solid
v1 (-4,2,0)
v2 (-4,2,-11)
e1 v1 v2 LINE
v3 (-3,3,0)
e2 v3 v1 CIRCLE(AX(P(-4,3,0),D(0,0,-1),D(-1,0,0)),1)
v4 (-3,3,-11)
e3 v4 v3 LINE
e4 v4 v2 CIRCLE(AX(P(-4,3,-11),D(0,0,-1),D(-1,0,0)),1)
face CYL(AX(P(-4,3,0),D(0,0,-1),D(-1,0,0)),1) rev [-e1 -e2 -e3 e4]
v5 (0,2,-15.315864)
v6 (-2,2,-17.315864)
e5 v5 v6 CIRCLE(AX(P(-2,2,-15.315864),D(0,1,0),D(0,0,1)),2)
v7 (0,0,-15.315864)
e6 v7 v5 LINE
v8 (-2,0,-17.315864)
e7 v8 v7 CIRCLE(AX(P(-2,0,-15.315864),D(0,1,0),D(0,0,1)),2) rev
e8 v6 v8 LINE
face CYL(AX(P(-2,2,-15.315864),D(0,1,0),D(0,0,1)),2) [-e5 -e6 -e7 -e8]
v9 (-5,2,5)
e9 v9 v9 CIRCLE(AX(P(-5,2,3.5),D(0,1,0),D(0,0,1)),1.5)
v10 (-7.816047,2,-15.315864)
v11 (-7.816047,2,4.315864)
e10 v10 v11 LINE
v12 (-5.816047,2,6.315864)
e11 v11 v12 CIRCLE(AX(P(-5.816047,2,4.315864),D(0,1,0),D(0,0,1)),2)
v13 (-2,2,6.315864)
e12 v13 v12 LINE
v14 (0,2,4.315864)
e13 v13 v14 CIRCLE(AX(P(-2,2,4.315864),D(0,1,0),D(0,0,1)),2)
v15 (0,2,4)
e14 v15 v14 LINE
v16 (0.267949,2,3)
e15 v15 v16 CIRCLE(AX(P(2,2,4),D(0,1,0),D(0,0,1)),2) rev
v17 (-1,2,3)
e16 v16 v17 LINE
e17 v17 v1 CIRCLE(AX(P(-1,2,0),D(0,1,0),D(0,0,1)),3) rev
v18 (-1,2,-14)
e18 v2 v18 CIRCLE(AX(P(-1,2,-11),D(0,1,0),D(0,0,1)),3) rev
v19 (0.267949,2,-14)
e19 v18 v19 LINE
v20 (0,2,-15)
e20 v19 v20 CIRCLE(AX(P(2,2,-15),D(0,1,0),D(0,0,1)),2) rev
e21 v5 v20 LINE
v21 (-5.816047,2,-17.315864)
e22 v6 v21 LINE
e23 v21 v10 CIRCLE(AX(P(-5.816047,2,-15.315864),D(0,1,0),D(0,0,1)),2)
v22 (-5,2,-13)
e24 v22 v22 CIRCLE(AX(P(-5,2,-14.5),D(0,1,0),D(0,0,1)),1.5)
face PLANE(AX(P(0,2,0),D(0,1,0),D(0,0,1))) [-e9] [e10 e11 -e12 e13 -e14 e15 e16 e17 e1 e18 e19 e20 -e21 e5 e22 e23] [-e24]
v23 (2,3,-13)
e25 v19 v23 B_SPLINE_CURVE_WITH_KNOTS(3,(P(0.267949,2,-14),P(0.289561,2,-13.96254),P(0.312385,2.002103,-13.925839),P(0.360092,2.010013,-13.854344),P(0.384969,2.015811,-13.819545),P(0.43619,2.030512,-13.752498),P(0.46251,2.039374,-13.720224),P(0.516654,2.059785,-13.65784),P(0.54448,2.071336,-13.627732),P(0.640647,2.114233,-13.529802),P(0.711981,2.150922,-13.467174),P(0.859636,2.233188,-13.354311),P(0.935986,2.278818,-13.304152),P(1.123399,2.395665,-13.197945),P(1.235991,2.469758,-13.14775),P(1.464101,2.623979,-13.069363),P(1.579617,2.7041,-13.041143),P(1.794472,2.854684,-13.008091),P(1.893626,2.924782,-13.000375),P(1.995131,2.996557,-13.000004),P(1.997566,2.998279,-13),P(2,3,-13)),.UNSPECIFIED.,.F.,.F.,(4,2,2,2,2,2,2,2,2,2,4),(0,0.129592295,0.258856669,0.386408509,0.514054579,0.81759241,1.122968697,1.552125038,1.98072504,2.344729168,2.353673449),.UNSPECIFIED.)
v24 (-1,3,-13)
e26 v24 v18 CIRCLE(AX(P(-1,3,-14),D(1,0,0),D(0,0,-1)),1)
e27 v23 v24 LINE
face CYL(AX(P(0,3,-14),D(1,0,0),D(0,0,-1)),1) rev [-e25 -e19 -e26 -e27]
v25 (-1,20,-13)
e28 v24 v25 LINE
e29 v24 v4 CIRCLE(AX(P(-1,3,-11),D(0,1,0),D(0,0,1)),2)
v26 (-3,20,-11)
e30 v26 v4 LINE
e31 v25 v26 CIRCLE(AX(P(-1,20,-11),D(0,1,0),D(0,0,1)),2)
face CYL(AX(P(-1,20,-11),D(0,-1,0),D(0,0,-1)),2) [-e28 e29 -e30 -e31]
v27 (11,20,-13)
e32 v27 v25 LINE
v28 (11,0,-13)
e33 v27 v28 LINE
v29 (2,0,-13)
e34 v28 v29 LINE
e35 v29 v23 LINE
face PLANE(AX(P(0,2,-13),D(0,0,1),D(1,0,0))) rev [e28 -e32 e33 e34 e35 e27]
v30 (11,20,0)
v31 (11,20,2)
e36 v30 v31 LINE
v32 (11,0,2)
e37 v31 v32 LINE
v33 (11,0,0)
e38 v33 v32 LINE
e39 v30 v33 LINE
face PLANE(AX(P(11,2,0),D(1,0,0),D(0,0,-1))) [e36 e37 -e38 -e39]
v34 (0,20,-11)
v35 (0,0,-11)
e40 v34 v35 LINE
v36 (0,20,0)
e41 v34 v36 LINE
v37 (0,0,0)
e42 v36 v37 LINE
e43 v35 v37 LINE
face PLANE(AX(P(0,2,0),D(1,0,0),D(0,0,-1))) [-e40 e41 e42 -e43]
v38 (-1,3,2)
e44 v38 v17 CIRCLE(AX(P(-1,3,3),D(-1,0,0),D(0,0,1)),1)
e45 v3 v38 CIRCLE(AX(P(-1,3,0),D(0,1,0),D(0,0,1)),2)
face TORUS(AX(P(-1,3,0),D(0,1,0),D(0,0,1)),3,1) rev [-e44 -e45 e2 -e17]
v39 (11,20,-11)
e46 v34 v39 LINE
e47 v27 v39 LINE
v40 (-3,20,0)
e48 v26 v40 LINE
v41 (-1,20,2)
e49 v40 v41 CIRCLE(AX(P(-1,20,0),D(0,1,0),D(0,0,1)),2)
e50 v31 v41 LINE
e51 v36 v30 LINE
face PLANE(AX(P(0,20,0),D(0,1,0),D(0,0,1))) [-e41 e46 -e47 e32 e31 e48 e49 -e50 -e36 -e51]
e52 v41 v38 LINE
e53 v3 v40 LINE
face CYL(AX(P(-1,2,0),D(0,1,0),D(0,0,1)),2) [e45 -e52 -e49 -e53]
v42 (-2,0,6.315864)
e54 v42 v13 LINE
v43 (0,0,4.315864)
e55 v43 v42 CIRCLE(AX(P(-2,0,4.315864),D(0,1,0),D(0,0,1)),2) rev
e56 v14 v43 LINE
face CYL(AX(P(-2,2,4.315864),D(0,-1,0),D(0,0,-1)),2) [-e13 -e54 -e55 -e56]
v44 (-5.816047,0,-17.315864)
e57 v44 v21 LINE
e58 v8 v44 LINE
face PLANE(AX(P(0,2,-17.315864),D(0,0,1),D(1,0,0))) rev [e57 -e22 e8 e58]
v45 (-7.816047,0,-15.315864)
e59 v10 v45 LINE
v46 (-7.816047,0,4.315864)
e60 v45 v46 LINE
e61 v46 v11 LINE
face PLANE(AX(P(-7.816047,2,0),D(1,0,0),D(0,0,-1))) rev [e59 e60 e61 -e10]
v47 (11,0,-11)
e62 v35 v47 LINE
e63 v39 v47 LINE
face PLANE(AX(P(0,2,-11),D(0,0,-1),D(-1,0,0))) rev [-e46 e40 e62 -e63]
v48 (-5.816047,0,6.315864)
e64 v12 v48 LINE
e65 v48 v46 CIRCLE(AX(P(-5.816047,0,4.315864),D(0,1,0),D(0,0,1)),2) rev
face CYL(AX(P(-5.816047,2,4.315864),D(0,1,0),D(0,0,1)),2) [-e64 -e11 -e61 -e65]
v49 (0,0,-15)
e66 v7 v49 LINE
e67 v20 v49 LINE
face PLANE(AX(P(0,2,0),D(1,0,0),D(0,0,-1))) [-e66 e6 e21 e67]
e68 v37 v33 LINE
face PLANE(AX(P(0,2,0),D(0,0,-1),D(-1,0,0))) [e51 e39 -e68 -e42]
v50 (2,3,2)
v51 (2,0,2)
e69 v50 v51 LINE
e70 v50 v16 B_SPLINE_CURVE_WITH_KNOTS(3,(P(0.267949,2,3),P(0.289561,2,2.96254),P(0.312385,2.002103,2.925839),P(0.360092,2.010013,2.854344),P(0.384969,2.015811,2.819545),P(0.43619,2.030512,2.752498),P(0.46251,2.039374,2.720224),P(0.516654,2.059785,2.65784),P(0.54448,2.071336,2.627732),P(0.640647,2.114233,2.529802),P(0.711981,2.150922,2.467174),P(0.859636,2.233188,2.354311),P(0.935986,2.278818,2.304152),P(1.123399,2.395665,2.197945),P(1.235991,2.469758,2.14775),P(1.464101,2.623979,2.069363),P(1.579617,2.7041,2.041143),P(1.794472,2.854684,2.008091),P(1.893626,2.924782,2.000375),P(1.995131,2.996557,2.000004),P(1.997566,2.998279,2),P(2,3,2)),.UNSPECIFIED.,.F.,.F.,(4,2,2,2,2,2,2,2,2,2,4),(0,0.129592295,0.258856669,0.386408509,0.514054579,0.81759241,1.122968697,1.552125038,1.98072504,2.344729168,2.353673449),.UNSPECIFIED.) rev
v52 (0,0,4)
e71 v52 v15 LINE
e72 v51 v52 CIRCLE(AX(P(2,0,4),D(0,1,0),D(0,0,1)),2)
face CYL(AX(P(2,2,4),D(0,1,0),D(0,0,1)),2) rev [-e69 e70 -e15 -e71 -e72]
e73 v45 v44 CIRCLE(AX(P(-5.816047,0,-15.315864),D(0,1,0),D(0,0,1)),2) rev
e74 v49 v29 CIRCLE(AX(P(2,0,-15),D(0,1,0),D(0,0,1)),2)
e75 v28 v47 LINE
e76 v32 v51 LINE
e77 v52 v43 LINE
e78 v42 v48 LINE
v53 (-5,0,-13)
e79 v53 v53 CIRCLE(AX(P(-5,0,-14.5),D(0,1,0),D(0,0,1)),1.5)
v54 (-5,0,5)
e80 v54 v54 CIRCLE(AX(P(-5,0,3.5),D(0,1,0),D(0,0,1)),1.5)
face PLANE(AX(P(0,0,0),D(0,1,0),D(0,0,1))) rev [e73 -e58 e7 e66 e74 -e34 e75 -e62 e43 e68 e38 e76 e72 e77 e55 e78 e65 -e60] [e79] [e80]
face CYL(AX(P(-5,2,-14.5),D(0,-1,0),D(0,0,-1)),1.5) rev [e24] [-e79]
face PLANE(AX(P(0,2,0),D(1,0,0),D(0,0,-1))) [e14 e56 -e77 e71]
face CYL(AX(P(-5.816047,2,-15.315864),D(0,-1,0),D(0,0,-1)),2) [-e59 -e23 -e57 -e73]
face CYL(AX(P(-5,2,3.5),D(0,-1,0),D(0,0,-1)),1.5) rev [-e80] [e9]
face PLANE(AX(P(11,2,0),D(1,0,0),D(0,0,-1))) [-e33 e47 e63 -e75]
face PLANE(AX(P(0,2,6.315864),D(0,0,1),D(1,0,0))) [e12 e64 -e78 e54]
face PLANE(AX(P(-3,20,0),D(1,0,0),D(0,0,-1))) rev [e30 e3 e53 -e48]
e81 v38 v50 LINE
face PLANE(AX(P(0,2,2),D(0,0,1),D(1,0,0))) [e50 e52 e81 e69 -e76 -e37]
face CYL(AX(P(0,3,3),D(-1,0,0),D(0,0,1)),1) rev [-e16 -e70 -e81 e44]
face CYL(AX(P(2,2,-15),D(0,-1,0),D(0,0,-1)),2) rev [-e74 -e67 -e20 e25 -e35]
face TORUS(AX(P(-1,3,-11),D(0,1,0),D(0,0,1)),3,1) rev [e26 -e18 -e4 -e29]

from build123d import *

# Parameters (mm, degrees)
SKETCH1_R           = 1.5
SKETCH1_W           = 11
SKETCH1_H           = 2
BOSS_EXTRUDE1_DEPTH = 2
BOSS_EXTRUDE2_DEPTH = 20
FILLET2_R           = 2
FILLET3_R           = 1


with BuildPart() as part:
    # Sketch1 → Boss-Extrude1 (new body)
    # profile 1 of 7: a face of its own
    with BuildSketch(Plane(origin=(0, 0, 0), x_dir=(1, 0, 0), z_dir=(0, 1, 0))):
        Polygon((0, -6.315863562), (0, -2), (-3, -2), (-3, 13), (0, 13), (0, 17.315863562), (-7.816047118, 17.315863562), (-7.816047118, -6.315863562), align=None)
        with Locations((-5, -3.5)):
            Circle(SKETCH1_R, mode=Mode.SUBTRACT)
        with Locations((-5, 14.5)):
            Circle(SKETCH1_R, mode=Mode.SUBTRACT)
    # profile 2 of 7: a face of its own
    with BuildSketch(Plane(origin=(0, 0, 0), x_dir=(1, 0, 0), z_dir=(0, 1, 0))):
        Polygon((0, -2), (0, 0), (0, 11), (0, 13), (-3, 13), (-3, -2), align=None)
    # profile 3 of 7: a face of its own
    with BuildSketch(Plane(origin=(0, 0, 0), x_dir=(1, 0, 0), z_dir=(0, 1, 0))):
        Polygon((0, -6.315863562), (0, -2), (-3, -2), (-3, 13), (0, 13), (0, 17.315863562), (-7.816047118, 17.315863562), (-7.816047118, -6.315863562), align=None)
        with Locations((-5, -3.5)):
            Circle(SKETCH1_R, mode=Mode.SUBTRACT)
        with Locations((-5, 14.5)):
            Circle(SKETCH1_R, mode=Mode.SUBTRACT)
    # profile 4 of 7: a face of its own
    with BuildSketch(Plane(origin=(0, 0, 0), x_dir=(1, 0, 0), z_dir=(0, 1, 0))):
        Polygon((0, -6.315863562), (0, -2), (-3, -2), (-3, 13), (0, 13), (0, 17.315863562), (-7.816047118, 17.315863562), (-7.816047118, -6.315863562), align=None)
        with Locations((-5, -3.5)):
            Circle(SKETCH1_R, mode=Mode.SUBTRACT)
        with Locations((-5, 14.5)):
            Circle(SKETCH1_R, mode=Mode.SUBTRACT)
    # profile 5 of 7: a face of its own
    with BuildSketch(Plane(origin=(0, 0, 0), x_dir=(1, 0, 0), z_dir=(0, 1, 0))):
        with Locations((5.5, -1)):
            Rectangle(SKETCH1_W, SKETCH1_H)
    # profile 6 of 7: a face of its own
    with BuildSketch(Plane(origin=(0, 0, 0), x_dir=(1, 0, 0), z_dir=(0, 1, 0))):
        Polygon((0, -2), (0, 0), (0, 11), (0, 13), (-3, 13), (-3, -2), align=None)
    # profile 7 of 7: a face of its own
    with BuildSketch(Plane(origin=(0, 0, 0), x_dir=(1, 0, 0), z_dir=(0, 1, 0))):
        with Locations((5.5, 12)):
            Rectangle(SKETCH1_W, SKETCH1_H)
    extrude(amount=BOSS_EXTRUDE1_DEPTH)

    # Sketch1<3> → Boss-Extrude2 (add)
    with BuildSketch(Plane(origin=(0, 0, 0), x_dir=(1, 0, 0), z_dir=(0, 1, 0))):
        Polygon((-3, -2), (11, -2), (11, 0), (0, 0), (0, 11), (11, 11), (11, 13), (-3, 13), align=None)
    extrude(amount=BOSS_EXTRUDE2_DEPTH)

    # Fillet2
    fillet2_edges = [part.edges().sort_by_distance(p)[0] for p in [
        (-3, 11, 2),
        (-3, 11, -13),
        (0, 1, 6.315863562),
        (0, 1, 2),
        (-7.816047118, 1, 6.315863562),
        (-7.816047118, 1, -17.315863562),
        (0, 1, -17.315863562),
        (0, 1, -13),
    ]]
    fillet(fillet2_edges, radius=FILLET2_R)

    # Fillet3
    fillet3_edges = [part.edges().sort_by_distance(p)[0] for p in [
        (0.5, 2, 2),
        (0.5, 2, -13),
        (-2.414213562, 2, 1.414213562),
        (-2.414213562, 2, -12.414213562),
        (-3, 2, -5.5),
    ]]
    fillet(fillet3_edges, radius=FILLET3_R)


solid = part.part
